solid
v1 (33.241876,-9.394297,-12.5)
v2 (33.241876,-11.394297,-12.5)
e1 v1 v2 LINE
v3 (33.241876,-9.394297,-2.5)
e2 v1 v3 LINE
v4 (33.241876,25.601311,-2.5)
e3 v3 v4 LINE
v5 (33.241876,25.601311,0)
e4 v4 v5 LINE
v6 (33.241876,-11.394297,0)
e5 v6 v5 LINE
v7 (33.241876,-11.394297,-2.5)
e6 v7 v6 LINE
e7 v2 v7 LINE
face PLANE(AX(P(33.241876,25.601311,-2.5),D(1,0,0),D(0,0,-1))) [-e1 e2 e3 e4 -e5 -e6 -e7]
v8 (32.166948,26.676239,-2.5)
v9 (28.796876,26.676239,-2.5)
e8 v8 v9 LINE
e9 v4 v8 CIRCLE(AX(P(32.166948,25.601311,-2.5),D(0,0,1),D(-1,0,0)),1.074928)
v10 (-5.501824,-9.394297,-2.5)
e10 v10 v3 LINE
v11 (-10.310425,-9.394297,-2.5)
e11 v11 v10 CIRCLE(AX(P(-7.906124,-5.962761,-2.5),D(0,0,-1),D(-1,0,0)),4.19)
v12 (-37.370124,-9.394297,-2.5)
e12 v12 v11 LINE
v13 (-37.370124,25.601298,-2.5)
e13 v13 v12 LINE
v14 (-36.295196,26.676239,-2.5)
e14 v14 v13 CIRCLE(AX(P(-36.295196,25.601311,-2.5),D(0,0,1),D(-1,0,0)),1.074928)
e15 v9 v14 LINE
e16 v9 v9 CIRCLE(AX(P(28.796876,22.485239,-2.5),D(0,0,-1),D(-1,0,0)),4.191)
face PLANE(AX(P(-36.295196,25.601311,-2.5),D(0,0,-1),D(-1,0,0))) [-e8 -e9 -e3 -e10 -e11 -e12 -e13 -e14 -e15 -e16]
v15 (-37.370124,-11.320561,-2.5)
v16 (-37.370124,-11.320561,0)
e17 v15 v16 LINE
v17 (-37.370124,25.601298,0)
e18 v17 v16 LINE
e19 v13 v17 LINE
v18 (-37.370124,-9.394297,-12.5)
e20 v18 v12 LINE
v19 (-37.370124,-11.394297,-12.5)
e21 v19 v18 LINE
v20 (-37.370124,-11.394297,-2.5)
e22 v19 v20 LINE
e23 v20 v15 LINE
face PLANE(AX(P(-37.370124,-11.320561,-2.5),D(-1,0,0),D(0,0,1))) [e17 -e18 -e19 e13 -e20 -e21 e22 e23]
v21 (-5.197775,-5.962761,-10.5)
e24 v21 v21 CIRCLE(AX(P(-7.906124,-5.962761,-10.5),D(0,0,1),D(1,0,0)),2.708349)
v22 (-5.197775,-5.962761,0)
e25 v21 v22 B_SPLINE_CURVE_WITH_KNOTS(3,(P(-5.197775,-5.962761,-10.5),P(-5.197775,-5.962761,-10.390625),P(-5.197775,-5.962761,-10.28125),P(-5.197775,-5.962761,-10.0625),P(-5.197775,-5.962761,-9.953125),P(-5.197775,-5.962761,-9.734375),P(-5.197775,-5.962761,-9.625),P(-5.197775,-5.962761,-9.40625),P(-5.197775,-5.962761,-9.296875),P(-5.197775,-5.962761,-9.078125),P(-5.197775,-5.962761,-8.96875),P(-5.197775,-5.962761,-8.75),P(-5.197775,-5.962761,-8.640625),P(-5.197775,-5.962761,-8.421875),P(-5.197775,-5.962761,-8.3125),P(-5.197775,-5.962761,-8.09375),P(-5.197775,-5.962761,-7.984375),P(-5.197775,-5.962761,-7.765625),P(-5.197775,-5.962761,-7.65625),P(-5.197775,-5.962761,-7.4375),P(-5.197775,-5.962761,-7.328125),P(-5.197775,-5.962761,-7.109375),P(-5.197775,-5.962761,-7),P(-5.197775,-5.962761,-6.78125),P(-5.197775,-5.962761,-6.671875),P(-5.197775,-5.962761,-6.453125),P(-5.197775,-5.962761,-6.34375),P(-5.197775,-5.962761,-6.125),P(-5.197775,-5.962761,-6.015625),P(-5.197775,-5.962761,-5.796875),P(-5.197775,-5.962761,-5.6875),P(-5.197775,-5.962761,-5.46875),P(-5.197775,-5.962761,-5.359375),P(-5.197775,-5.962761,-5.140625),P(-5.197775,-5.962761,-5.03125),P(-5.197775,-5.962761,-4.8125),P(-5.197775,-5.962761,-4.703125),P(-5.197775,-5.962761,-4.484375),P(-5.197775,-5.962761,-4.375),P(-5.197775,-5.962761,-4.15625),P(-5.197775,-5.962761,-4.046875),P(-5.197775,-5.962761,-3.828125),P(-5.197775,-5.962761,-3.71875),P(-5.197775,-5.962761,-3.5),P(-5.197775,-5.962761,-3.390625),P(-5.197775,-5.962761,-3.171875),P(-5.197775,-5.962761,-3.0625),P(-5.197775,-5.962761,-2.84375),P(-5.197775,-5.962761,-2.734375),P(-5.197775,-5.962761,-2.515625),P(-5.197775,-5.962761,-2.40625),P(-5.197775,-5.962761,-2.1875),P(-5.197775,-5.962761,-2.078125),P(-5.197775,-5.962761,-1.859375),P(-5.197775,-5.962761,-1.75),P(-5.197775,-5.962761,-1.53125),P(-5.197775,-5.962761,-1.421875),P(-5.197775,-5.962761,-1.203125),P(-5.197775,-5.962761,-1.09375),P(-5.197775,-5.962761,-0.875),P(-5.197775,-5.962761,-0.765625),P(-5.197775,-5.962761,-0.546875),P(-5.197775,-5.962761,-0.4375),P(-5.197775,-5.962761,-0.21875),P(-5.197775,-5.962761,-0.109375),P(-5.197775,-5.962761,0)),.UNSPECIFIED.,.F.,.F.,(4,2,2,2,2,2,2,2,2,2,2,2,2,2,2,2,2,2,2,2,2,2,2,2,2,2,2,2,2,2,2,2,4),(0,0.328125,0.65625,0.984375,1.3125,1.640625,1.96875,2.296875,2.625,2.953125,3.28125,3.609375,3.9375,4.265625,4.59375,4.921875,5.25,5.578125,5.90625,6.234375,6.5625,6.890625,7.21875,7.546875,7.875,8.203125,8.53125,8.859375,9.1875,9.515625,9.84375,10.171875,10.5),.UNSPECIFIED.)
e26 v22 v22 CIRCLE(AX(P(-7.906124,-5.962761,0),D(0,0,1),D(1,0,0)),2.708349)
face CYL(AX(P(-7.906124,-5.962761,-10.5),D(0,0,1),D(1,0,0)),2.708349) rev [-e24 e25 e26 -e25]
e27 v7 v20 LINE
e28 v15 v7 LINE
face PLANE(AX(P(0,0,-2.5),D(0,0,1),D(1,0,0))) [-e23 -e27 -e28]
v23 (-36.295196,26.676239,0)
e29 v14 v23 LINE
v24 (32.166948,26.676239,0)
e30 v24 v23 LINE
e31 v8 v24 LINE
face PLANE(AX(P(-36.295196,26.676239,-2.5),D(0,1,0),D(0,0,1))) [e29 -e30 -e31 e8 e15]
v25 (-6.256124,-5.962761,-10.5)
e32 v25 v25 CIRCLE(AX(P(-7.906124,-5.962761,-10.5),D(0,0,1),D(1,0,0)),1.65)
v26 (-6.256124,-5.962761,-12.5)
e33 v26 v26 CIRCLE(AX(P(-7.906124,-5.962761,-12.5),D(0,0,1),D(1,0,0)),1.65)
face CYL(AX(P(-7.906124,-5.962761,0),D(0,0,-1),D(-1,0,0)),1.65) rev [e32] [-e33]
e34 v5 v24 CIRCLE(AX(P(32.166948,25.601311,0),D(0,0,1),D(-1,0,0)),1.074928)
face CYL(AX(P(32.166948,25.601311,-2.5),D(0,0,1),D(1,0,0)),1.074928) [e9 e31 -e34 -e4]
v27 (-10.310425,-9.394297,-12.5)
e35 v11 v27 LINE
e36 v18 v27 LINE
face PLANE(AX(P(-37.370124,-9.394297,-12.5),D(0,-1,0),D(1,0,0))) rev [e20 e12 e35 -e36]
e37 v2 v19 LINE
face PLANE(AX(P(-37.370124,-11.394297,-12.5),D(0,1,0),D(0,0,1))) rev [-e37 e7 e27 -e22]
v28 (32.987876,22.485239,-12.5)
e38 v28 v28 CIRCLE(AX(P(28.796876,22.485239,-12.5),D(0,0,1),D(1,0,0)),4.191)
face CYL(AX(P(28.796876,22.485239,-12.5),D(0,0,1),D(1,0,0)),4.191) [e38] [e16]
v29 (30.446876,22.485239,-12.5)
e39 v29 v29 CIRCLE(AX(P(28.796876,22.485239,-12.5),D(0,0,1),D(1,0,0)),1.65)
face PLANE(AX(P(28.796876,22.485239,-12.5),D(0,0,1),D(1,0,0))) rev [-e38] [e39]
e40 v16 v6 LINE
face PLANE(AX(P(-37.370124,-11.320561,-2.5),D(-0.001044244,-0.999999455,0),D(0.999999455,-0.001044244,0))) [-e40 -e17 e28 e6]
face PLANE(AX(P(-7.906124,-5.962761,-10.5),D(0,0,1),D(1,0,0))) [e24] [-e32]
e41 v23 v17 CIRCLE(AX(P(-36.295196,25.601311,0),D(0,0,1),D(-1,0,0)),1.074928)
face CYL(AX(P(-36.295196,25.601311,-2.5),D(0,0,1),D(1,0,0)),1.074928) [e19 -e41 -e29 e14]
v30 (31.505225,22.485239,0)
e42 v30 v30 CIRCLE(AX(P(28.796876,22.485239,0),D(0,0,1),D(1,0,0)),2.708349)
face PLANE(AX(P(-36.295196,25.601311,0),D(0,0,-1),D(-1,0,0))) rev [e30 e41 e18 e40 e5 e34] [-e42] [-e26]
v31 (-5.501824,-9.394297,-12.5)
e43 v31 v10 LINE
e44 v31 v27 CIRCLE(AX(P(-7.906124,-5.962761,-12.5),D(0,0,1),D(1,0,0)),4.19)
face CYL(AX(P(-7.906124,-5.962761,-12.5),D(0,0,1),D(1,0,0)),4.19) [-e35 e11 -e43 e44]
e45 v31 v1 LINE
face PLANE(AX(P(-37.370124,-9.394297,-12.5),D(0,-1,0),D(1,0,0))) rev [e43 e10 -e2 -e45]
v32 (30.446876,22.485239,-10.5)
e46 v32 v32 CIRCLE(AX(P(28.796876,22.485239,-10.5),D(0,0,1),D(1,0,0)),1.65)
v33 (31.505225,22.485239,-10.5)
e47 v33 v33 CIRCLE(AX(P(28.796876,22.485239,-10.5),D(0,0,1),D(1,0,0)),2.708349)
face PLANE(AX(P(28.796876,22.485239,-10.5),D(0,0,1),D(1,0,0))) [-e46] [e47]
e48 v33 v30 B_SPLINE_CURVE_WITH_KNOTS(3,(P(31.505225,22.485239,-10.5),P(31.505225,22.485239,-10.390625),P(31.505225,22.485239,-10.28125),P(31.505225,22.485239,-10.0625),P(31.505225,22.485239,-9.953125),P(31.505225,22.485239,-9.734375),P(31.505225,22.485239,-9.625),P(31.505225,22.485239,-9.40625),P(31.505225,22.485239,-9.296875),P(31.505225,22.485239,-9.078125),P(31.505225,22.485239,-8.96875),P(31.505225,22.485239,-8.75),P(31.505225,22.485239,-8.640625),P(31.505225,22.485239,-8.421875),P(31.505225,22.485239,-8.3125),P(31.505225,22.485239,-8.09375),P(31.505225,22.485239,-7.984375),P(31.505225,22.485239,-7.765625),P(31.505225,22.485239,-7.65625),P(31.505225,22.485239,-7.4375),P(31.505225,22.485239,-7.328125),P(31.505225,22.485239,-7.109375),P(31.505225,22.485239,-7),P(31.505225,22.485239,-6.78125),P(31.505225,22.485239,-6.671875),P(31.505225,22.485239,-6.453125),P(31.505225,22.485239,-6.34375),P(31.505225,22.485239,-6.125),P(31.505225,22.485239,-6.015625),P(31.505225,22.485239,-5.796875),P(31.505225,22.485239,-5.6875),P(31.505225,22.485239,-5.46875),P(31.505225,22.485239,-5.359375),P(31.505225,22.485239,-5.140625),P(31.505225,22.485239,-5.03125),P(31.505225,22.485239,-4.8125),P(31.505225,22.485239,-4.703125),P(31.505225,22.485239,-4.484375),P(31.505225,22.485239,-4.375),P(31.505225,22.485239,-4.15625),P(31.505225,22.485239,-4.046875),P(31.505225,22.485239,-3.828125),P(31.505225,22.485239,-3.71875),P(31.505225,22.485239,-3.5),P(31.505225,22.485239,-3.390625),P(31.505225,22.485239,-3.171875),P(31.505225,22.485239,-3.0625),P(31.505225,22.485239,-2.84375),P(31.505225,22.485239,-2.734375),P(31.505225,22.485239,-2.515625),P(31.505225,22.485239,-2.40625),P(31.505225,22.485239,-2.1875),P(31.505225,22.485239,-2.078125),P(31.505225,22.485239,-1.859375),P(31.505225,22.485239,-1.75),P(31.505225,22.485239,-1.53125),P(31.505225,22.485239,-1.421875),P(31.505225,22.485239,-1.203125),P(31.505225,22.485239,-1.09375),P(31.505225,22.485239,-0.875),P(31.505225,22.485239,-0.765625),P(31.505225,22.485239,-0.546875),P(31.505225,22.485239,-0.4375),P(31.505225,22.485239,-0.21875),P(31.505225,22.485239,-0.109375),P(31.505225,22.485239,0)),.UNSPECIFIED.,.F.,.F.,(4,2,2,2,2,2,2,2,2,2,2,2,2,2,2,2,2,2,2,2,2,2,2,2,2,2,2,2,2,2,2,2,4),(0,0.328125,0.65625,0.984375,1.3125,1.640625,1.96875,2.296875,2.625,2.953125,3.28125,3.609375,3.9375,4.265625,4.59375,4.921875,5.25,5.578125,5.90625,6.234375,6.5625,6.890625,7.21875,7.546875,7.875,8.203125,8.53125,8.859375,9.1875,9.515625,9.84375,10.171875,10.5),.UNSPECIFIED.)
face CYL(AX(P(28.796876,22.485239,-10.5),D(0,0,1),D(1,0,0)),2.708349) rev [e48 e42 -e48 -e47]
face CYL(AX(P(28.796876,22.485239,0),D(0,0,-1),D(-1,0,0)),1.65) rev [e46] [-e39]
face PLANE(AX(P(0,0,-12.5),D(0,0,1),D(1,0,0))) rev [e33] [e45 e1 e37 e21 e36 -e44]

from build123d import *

# Parameters (mm, degrees)
EXTRUDE_1_DEPTH          = 2.5
SKETCH_4_W               = 70.612
SKETCH_4_H               = 2
EXTRUDE_2_DEPTH          = 10
SKETCH_5_R               = 4.19
SKETCH_5_R_2             = 4.191
EXTRUDE_3_DEPTH          = 12.5
SKETCH_7_R               = 2.7083489
SKETCH_7_R_2             = 2.708349387
CUT_EXTRUDE_1_DEPTH      = 10.5
CUT_EXTRUDE_2_DEPTH      = 48.585689944
CUT_EXTRUDE_2_DEPTH_BACK = 48.585689944
SKETCH_8_R               = 1.65


with BuildPart() as part:
    # 草图3 → 凸台-拉伸1 (new body)
    with BuildSketch(Plane.XY):
        with BuildLine():
            Line((-36.295196216, 26.676238556), (32.166947784, 26.676238556))
            ThreePointArc((32.166947784, 26.676238556), (32.927036662, 26.361399434), (33.241875784, 25.601310556))
            Line((33.241875784, 25.601310556), (33.241875784, -11.394297444))
            Line((33.241875784, -11.394297444), (-37.370124216, -11.320561244))
            Line((-37.370124216, -11.320561244), (-37.370124216, 25.601297856))
            ThreePointArc((-37.370124216, 25.601297856), (-37.055289584, 26.361394944), (-36.295196216, 26.676238556))
        make_face()
    extrude(amount=-EXTRUDE_1_DEPTH)

    # 草图4 → 凸台-拉伸2 (add)
    with BuildSketch(Plane(origin=(0, 0, -2.5), x_dir=(-1, 0, 0), z_dir=(0, 0, -1))):
        with Locations((2.064124216, -10.394297444)):
            Rectangle(SKETCH_4_W, SKETCH_4_H)
    extrude(amount=EXTRUDE_2_DEPTH)

    # 草图5 → 凸台-拉伸3 (add)
    with BuildSketch(Plane.XY):
        with Locations((-7.906124216, -5.962761444)):
            Circle(SKETCH_5_R)
        with Locations((28.796875784, 22.485238556)):
            Circle(SKETCH_5_R_2)
    extrude(amount=-EXTRUDE_3_DEPTH)

    # 草图7 → 切除-拉伸1 (cut)
    with BuildSketch(Plane.XY):
        with Locations((-7.906124216, -5.962761444)):
            Circle(SKETCH_7_R)
        with Locations((28.796875784, 22.485238556)):
            Circle(SKETCH_7_R_2)
    extrude(amount=-CUT_EXTRUDE_1_DEPTH, mode=Mode.SUBTRACT)

    # 草图8 → 切除-拉伸2 (cut, two sides: drawn at the far end of the back side and taken through both)
    with BuildSketch(Plane(origin=(0, 0, -12.5), x_dir=(-1, 0, 0), z_dir=(0, 0, -1)).offset(-CUT_EXTRUDE_2_DEPTH_BACK)):
        with Locations(Location((-28.796875784, 22.485238556, 0), (0, 0, 180))):
            Circle(SKETCH_8_R)
        with Locations(Location((7.906124216, -5.962761444, 0), (0, 0, 180))):
            Circle(SKETCH_8_R)
    extrude(amount=CUT_EXTRUDE_2_DEPTH + CUT_EXTRUDE_2_DEPTH_BACK, mode=Mode.SUBTRACT)


solid = part.part
